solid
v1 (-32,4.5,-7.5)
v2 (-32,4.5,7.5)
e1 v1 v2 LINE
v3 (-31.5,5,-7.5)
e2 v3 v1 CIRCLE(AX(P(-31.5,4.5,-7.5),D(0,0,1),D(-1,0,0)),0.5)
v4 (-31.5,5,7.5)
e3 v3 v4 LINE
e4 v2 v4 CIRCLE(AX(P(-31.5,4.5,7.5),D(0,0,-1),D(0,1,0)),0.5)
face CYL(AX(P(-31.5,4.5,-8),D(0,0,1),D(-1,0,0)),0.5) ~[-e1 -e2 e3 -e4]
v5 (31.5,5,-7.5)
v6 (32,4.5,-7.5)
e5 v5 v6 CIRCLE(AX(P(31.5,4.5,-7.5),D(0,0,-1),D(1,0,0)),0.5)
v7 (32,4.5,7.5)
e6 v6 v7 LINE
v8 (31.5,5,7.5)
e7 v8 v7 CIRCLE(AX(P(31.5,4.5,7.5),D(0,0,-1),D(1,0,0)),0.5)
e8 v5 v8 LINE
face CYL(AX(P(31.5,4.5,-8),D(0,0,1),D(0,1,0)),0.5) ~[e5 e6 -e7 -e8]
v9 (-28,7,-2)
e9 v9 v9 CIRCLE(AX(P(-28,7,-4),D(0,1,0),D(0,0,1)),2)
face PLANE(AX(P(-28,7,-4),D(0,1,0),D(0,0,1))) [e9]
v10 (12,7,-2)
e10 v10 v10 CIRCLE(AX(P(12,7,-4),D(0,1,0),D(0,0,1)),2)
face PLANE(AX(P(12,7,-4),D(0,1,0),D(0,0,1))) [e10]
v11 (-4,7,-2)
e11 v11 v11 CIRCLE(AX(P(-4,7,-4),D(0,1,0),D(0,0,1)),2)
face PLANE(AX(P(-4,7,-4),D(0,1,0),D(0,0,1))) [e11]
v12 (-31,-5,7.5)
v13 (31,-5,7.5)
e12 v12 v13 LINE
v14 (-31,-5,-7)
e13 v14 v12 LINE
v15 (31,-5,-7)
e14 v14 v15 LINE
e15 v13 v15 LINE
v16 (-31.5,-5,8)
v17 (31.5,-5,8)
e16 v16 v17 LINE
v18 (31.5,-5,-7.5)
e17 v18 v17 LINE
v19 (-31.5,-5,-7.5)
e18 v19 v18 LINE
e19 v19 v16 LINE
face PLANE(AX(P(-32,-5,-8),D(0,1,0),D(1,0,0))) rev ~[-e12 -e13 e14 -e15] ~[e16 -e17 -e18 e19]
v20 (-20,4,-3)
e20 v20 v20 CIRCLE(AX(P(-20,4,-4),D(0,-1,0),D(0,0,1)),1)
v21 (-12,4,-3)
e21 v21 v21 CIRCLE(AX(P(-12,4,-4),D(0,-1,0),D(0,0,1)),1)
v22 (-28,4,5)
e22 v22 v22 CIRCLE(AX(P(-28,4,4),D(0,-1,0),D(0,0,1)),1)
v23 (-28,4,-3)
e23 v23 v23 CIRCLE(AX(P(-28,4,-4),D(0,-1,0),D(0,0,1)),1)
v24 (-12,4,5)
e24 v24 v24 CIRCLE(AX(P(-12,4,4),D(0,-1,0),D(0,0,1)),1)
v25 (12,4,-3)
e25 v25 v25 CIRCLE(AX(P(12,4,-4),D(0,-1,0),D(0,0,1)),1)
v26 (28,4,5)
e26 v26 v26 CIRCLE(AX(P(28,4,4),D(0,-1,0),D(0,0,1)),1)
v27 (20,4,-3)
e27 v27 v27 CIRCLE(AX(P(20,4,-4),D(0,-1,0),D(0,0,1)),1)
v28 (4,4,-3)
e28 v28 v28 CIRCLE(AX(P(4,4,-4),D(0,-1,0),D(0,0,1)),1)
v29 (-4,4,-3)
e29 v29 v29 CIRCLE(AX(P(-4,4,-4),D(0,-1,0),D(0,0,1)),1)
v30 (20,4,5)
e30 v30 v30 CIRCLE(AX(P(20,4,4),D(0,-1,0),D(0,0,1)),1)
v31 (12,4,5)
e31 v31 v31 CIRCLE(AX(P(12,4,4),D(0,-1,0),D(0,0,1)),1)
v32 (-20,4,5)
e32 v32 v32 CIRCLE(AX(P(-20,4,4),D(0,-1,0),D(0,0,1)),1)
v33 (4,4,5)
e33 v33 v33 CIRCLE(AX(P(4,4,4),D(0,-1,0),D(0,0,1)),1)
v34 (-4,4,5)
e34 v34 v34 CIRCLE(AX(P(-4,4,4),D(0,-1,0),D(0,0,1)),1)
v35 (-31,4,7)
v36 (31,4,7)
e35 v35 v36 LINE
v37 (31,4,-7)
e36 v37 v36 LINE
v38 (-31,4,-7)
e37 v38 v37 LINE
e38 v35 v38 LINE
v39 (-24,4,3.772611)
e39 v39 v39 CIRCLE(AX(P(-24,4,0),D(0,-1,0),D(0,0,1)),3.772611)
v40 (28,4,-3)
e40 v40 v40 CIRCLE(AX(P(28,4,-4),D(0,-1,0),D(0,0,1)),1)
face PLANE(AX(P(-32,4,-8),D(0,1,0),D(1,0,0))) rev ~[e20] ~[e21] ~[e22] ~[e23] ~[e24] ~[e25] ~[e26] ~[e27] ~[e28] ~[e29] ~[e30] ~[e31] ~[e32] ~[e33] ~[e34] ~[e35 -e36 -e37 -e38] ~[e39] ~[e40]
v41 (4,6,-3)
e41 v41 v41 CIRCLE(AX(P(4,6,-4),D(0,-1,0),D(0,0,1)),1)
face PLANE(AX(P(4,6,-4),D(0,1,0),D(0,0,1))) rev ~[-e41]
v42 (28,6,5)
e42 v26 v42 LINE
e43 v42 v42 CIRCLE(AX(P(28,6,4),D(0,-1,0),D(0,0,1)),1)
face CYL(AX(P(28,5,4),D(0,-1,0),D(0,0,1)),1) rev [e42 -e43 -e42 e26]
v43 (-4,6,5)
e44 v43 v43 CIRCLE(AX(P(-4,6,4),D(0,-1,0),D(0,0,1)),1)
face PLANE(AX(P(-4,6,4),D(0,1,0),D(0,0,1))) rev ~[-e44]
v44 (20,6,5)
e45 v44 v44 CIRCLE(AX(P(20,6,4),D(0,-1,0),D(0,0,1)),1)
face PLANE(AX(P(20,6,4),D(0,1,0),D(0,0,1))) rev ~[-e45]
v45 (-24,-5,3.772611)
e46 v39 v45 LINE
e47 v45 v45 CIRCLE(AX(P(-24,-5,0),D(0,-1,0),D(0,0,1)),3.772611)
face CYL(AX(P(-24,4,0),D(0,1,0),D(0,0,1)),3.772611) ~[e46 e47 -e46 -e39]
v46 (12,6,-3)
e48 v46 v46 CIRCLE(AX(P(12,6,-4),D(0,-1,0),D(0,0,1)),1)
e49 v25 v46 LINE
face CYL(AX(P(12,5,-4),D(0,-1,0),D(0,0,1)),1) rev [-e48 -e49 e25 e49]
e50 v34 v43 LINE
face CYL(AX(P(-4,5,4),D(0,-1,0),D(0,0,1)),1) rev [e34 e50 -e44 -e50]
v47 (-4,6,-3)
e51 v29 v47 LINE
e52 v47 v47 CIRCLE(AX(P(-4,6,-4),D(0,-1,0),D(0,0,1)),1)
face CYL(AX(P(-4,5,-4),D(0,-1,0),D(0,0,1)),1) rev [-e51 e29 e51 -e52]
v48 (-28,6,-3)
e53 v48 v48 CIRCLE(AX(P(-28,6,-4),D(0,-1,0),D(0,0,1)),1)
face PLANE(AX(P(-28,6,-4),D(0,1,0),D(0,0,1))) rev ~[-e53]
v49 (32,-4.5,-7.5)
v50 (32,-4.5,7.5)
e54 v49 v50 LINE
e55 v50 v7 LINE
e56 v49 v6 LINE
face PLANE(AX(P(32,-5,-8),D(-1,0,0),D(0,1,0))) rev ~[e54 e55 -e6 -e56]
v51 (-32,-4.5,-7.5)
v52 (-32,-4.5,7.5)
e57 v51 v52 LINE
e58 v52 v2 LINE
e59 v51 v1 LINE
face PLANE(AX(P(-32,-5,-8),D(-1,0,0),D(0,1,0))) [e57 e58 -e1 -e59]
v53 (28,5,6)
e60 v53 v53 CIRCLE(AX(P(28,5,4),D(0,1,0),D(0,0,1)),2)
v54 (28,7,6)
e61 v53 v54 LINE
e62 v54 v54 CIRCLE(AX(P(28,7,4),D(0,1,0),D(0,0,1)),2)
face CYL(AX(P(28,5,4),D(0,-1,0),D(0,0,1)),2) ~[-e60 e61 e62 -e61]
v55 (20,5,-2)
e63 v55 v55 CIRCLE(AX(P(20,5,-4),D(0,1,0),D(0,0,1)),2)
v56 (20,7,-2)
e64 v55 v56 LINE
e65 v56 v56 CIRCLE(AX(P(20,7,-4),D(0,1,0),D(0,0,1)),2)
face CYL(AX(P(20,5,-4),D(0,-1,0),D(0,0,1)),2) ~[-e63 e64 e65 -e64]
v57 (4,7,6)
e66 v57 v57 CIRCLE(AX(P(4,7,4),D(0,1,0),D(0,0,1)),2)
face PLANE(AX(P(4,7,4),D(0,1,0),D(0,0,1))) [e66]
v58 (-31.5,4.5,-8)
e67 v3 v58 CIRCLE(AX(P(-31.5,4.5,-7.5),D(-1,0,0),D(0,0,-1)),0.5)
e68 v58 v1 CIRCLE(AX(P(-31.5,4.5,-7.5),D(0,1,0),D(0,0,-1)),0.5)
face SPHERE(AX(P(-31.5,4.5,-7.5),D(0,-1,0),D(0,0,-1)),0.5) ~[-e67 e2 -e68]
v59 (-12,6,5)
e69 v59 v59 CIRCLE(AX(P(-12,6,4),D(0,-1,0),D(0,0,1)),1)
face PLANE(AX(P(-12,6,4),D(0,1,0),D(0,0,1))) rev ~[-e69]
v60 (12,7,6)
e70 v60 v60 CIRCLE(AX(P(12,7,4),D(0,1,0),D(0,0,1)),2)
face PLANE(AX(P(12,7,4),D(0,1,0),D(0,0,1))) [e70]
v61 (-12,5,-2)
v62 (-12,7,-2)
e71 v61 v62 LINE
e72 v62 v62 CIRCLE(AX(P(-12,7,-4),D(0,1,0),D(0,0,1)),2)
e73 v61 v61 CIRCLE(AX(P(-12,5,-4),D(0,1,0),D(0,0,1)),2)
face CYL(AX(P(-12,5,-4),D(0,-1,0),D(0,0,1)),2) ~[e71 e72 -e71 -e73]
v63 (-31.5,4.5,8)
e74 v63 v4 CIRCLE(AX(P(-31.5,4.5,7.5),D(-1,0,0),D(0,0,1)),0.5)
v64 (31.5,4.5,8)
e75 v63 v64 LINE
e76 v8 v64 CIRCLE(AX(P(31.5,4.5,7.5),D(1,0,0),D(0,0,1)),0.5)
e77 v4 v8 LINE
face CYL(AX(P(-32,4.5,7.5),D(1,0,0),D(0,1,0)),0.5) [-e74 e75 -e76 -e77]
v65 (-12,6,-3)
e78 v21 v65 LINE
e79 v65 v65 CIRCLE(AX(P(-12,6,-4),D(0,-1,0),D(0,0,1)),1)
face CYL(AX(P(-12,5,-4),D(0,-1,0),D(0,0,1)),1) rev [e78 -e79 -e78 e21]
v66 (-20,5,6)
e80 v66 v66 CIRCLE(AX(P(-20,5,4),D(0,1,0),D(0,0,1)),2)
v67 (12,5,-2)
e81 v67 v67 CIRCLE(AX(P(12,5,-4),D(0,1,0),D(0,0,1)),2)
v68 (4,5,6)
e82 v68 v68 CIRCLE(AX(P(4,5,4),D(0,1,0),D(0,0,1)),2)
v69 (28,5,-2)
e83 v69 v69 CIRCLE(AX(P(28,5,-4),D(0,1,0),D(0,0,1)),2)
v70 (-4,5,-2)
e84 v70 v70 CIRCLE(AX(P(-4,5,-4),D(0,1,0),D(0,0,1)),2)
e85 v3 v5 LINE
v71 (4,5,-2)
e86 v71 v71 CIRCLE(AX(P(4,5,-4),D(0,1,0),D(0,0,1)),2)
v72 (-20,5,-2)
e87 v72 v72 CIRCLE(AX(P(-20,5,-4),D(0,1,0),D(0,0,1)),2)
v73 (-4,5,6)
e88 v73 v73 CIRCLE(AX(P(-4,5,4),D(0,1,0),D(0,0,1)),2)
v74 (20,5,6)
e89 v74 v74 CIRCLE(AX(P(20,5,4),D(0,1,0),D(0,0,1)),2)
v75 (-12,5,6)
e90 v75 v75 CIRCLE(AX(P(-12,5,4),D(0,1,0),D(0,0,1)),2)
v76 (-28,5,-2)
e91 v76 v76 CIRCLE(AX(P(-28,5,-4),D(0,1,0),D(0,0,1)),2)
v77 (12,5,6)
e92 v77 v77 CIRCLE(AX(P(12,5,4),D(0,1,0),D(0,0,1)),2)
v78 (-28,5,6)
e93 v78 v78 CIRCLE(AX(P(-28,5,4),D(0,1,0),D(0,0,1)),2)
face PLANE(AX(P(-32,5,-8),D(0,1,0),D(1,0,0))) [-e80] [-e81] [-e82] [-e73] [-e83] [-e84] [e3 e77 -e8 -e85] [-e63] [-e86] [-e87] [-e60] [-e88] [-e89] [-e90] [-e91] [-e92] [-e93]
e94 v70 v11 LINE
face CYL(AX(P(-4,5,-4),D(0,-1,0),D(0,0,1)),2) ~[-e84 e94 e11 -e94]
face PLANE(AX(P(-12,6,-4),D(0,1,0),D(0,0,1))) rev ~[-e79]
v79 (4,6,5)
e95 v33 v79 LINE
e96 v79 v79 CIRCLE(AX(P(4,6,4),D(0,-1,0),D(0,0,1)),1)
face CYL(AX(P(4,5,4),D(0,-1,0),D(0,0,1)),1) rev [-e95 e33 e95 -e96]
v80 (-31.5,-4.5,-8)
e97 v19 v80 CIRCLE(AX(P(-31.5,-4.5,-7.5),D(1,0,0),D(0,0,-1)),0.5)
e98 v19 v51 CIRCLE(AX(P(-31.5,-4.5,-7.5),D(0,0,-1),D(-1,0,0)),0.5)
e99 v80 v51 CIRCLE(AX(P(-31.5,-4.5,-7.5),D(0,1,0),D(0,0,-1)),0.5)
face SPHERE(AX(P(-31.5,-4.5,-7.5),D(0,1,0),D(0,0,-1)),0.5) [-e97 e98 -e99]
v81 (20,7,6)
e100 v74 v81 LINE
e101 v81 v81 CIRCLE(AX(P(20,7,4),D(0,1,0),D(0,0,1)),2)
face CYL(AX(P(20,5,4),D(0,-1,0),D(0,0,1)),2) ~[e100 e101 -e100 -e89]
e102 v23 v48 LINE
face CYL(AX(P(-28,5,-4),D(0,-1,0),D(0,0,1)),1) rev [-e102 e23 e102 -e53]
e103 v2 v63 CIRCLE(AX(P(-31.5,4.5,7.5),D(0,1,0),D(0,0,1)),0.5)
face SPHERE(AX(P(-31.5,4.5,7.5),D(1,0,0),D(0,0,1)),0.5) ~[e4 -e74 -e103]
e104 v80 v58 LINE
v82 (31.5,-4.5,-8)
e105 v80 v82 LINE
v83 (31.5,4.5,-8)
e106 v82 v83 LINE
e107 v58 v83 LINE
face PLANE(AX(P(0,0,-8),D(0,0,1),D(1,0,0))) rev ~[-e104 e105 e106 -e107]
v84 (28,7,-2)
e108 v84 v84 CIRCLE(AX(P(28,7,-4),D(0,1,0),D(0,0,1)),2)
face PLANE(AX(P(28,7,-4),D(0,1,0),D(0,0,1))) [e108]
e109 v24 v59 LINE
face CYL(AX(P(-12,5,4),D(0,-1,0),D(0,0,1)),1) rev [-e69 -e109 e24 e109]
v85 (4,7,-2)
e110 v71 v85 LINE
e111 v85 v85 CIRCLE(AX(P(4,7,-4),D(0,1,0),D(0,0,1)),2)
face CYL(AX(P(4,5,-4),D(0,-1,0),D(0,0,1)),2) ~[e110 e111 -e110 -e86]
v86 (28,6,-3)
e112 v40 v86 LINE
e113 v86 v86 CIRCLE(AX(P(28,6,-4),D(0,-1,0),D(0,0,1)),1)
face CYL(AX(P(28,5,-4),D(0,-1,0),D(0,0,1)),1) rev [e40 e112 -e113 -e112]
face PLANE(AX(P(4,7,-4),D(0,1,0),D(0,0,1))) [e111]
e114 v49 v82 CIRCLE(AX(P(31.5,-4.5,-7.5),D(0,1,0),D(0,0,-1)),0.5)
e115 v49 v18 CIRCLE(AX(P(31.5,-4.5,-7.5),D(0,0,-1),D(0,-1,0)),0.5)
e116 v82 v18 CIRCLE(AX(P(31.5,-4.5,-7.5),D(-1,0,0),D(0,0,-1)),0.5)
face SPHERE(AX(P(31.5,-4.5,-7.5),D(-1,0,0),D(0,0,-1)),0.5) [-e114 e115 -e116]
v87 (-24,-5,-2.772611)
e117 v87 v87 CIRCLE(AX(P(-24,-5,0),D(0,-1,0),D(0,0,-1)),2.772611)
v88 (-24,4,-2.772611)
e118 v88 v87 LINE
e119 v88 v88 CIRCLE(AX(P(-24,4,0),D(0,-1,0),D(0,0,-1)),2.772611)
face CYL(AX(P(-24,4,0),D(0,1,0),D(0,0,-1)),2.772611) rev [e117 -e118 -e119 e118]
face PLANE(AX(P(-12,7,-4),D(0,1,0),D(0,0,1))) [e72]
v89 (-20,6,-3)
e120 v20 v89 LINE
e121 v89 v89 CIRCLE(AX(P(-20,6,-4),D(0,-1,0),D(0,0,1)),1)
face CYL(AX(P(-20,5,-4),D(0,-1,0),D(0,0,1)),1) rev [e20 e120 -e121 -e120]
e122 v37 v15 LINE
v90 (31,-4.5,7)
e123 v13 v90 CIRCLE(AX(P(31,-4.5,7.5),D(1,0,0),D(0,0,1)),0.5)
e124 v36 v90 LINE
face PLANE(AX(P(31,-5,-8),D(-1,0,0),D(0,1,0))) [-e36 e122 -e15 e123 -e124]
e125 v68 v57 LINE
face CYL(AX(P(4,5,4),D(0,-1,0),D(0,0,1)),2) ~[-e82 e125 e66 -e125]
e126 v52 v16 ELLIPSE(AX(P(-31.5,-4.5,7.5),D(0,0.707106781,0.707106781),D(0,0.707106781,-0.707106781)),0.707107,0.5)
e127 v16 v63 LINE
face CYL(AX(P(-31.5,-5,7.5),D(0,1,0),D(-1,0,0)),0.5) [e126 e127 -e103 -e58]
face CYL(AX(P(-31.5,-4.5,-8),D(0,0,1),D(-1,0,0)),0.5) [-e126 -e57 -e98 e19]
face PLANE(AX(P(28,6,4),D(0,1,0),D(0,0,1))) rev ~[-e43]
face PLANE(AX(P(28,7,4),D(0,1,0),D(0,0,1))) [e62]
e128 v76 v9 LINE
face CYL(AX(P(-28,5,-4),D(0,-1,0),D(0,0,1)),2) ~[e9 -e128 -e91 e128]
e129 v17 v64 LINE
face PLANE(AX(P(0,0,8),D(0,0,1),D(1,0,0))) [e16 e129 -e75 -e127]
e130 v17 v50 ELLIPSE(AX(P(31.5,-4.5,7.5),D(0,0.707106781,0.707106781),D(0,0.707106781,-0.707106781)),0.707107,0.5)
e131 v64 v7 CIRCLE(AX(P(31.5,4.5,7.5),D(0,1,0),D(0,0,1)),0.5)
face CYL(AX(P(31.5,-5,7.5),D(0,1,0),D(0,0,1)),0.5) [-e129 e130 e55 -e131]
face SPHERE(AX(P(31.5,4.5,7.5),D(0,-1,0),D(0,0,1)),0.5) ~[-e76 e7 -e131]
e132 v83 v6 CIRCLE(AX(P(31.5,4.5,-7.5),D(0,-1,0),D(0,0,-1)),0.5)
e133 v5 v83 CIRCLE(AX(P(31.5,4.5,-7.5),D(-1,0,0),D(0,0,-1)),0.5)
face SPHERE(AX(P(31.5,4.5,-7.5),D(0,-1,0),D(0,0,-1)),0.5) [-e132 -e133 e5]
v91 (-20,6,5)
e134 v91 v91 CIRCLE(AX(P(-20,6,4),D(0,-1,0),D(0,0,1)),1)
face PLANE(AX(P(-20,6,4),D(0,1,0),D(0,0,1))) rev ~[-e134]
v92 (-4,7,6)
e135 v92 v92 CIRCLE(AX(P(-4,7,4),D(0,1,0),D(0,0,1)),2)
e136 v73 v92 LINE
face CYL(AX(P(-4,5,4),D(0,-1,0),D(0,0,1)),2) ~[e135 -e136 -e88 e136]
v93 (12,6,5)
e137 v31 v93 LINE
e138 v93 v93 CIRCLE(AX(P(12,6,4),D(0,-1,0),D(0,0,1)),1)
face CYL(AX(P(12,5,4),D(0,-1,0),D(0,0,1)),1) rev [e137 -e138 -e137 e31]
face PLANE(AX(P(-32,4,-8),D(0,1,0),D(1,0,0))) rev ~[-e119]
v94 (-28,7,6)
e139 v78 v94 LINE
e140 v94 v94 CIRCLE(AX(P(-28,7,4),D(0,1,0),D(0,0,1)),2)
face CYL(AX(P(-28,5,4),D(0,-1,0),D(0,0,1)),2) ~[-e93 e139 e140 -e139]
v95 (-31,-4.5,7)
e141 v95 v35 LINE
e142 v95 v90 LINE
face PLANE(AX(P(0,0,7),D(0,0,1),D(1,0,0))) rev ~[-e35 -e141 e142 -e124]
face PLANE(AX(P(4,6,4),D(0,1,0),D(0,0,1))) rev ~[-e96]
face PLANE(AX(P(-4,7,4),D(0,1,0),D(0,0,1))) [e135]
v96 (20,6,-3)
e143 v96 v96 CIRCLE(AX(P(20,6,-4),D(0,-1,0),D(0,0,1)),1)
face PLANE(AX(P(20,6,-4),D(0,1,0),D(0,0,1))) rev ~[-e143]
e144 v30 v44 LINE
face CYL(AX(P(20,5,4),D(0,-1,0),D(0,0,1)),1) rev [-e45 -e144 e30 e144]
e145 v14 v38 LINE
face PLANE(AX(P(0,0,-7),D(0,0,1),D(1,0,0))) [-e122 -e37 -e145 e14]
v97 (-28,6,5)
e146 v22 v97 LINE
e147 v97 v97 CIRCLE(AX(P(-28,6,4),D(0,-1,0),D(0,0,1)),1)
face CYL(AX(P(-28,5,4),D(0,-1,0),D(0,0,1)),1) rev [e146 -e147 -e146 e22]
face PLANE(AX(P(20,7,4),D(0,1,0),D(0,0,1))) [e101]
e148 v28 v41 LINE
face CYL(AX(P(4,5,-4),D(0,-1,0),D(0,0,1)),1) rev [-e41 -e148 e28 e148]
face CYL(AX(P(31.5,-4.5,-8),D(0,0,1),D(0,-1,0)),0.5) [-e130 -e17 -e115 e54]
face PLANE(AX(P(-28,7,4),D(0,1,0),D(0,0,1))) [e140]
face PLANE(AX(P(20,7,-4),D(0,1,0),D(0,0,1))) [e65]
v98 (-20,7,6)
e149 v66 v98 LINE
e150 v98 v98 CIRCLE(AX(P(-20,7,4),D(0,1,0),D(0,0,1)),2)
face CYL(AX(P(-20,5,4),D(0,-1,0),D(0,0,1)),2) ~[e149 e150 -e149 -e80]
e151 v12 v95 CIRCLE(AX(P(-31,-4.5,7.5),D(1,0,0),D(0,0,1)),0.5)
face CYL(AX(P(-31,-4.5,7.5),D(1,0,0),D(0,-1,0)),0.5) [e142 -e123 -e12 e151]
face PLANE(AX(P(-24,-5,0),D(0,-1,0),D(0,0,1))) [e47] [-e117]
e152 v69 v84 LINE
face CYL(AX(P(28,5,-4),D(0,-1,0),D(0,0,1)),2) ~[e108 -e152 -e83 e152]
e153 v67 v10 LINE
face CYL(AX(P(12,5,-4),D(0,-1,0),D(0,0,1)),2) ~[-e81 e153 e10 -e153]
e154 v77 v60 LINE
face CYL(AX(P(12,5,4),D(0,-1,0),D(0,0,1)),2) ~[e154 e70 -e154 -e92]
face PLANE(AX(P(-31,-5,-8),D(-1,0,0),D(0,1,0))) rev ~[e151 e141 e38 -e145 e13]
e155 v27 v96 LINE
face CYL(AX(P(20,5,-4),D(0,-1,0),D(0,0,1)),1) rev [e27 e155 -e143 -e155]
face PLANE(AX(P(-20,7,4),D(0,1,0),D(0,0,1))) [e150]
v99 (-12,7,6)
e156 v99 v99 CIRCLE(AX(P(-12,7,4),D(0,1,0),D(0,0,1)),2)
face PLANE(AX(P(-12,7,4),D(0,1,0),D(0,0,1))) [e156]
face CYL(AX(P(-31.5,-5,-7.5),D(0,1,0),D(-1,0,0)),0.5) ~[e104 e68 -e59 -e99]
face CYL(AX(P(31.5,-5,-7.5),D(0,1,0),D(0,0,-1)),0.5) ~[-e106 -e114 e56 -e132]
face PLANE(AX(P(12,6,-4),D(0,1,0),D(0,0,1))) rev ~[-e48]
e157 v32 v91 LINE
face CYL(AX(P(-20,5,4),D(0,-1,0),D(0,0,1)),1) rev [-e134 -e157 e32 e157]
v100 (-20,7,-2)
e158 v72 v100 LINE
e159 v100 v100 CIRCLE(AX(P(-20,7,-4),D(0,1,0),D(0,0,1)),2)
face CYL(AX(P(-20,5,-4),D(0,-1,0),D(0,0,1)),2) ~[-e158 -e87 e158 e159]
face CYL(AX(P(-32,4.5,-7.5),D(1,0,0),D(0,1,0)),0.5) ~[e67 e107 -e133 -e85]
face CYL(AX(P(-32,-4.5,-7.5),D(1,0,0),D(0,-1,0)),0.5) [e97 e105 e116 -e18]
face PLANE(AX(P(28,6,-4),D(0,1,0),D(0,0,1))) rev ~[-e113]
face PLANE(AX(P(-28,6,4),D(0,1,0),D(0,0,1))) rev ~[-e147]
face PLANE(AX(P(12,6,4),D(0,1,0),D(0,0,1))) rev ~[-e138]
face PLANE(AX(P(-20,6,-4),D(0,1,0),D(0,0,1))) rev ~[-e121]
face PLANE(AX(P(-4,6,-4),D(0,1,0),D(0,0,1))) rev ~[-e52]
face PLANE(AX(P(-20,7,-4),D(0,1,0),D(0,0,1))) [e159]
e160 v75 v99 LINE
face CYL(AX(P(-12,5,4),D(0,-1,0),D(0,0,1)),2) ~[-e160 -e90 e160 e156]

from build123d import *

# Parameters (mm, degrees)
BOSS_EXTRUDE1_DEPTH      = 8
BOSS_EXTRUDE1_DEPTH_BACK = 8
SKETCH1_W                = 64
SKETCH1_H                = 10
SKETCH2_R                = 2
BOSS_EXTRUDE2_DEPTH      = 2
SHELL1_T                 = -1
SKETCH3_R                = 3.772610986
SKETCH3_R_2              = 2.772610986
BOSS_EXTRUDE3_DEPTH      = 9
FILLET1_R                = 0.5


with BuildPart() as part:
    # Sketch1 → Boss-Extrude1 (new, two sides: drawn at the far end of the back side and taken through both)
    with BuildSketch(Plane.XY.offset(-BOSS_EXTRUDE1_DEPTH_BACK)):
        Rectangle(SKETCH1_W, SKETCH1_H)
    extrude(amount=BOSS_EXTRUDE1_DEPTH + BOSS_EXTRUDE1_DEPTH_BACK)

    # Sketch2 → Boss-Extrude2 (add)
    with BuildSketch(Plane(origin=(0, 5, 0), x_dir=(1, 0, 0), z_dir=(0, 1, 0))):
        with Locations((-28, 4)):
            Circle(SKETCH2_R)
        with Locations((-20, 4)):
            Circle(SKETCH2_R)
        with Locations((-12, 4)):
            Circle(SKETCH2_R)
        with Locations((-4, 4)):
            Circle(SKETCH2_R)
        with Locations((4, 4)):
            Circle(SKETCH2_R)
        with Locations((12, 4)):
            Circle(SKETCH2_R)
        with Locations((20, 4)):
            Circle(SKETCH2_R)
        with Locations((28, 4)):
            Circle(SKETCH2_R)
        with Locations((-20, -4)):
            Circle(SKETCH2_R)
        with Locations((-12, -4)):
            Circle(SKETCH2_R)
        with Locations((-4, -4)):
            Circle(SKETCH2_R)
        with Locations((4, -4)):
            Circle(SKETCH2_R)
        with Locations((12, -4)):
            Circle(SKETCH2_R)
        with Locations((20, -4)):
            Circle(SKETCH2_R)
        with Locations((28, -4)):
            Circle(SKETCH2_R)
        with Locations((-28, -4)):
            Circle(SKETCH2_R)
    extrude(amount=BOSS_EXTRUDE2_DEPTH)

    # Shell1
    shell1_openings = [part.faces().sort_by_distance(p)[0] for p in [
        (0, -5, 0),
    ]]
    offset(amount=SHELL1_T, openings=shell1_openings, kind=Kind.INTERSECTION)

    # Sketch3 → Boss-Extrude3 (add)
    with BuildSketch(Plane(origin=(0, 4, 0), x_dir=(-1, 0, 0), z_dir=(0, -1, 0))):
        with Locations((24, 0)):
            Circle(SKETCH3_R)
        with Locations((24, 0)):
            Circle(SKETCH3_R_2, mode=Mode.SUBTRACT)
    extrude(amount=BOSS_EXTRUDE3_DEPTH)

    # Fillet1
    fillet1_edges = [part.edges().sort_by_distance(p)[0] for p in [
        (0, -5, 7),
        (32, -5, 0),
        (0, -5, -8),
        (-32, -5, 0),
        (-32, 5, 0),
        (0, 5, -8),
        (0, 5, 8),
        (32, 5, 0),
        (32, 0, -8),
        (32, 0, 8),
        (-32, 0, -8),
        (-32, 0, 8),
    ]]
    fillet(fillet1_edges, radius=FILLET1_R)


solid = part.part
